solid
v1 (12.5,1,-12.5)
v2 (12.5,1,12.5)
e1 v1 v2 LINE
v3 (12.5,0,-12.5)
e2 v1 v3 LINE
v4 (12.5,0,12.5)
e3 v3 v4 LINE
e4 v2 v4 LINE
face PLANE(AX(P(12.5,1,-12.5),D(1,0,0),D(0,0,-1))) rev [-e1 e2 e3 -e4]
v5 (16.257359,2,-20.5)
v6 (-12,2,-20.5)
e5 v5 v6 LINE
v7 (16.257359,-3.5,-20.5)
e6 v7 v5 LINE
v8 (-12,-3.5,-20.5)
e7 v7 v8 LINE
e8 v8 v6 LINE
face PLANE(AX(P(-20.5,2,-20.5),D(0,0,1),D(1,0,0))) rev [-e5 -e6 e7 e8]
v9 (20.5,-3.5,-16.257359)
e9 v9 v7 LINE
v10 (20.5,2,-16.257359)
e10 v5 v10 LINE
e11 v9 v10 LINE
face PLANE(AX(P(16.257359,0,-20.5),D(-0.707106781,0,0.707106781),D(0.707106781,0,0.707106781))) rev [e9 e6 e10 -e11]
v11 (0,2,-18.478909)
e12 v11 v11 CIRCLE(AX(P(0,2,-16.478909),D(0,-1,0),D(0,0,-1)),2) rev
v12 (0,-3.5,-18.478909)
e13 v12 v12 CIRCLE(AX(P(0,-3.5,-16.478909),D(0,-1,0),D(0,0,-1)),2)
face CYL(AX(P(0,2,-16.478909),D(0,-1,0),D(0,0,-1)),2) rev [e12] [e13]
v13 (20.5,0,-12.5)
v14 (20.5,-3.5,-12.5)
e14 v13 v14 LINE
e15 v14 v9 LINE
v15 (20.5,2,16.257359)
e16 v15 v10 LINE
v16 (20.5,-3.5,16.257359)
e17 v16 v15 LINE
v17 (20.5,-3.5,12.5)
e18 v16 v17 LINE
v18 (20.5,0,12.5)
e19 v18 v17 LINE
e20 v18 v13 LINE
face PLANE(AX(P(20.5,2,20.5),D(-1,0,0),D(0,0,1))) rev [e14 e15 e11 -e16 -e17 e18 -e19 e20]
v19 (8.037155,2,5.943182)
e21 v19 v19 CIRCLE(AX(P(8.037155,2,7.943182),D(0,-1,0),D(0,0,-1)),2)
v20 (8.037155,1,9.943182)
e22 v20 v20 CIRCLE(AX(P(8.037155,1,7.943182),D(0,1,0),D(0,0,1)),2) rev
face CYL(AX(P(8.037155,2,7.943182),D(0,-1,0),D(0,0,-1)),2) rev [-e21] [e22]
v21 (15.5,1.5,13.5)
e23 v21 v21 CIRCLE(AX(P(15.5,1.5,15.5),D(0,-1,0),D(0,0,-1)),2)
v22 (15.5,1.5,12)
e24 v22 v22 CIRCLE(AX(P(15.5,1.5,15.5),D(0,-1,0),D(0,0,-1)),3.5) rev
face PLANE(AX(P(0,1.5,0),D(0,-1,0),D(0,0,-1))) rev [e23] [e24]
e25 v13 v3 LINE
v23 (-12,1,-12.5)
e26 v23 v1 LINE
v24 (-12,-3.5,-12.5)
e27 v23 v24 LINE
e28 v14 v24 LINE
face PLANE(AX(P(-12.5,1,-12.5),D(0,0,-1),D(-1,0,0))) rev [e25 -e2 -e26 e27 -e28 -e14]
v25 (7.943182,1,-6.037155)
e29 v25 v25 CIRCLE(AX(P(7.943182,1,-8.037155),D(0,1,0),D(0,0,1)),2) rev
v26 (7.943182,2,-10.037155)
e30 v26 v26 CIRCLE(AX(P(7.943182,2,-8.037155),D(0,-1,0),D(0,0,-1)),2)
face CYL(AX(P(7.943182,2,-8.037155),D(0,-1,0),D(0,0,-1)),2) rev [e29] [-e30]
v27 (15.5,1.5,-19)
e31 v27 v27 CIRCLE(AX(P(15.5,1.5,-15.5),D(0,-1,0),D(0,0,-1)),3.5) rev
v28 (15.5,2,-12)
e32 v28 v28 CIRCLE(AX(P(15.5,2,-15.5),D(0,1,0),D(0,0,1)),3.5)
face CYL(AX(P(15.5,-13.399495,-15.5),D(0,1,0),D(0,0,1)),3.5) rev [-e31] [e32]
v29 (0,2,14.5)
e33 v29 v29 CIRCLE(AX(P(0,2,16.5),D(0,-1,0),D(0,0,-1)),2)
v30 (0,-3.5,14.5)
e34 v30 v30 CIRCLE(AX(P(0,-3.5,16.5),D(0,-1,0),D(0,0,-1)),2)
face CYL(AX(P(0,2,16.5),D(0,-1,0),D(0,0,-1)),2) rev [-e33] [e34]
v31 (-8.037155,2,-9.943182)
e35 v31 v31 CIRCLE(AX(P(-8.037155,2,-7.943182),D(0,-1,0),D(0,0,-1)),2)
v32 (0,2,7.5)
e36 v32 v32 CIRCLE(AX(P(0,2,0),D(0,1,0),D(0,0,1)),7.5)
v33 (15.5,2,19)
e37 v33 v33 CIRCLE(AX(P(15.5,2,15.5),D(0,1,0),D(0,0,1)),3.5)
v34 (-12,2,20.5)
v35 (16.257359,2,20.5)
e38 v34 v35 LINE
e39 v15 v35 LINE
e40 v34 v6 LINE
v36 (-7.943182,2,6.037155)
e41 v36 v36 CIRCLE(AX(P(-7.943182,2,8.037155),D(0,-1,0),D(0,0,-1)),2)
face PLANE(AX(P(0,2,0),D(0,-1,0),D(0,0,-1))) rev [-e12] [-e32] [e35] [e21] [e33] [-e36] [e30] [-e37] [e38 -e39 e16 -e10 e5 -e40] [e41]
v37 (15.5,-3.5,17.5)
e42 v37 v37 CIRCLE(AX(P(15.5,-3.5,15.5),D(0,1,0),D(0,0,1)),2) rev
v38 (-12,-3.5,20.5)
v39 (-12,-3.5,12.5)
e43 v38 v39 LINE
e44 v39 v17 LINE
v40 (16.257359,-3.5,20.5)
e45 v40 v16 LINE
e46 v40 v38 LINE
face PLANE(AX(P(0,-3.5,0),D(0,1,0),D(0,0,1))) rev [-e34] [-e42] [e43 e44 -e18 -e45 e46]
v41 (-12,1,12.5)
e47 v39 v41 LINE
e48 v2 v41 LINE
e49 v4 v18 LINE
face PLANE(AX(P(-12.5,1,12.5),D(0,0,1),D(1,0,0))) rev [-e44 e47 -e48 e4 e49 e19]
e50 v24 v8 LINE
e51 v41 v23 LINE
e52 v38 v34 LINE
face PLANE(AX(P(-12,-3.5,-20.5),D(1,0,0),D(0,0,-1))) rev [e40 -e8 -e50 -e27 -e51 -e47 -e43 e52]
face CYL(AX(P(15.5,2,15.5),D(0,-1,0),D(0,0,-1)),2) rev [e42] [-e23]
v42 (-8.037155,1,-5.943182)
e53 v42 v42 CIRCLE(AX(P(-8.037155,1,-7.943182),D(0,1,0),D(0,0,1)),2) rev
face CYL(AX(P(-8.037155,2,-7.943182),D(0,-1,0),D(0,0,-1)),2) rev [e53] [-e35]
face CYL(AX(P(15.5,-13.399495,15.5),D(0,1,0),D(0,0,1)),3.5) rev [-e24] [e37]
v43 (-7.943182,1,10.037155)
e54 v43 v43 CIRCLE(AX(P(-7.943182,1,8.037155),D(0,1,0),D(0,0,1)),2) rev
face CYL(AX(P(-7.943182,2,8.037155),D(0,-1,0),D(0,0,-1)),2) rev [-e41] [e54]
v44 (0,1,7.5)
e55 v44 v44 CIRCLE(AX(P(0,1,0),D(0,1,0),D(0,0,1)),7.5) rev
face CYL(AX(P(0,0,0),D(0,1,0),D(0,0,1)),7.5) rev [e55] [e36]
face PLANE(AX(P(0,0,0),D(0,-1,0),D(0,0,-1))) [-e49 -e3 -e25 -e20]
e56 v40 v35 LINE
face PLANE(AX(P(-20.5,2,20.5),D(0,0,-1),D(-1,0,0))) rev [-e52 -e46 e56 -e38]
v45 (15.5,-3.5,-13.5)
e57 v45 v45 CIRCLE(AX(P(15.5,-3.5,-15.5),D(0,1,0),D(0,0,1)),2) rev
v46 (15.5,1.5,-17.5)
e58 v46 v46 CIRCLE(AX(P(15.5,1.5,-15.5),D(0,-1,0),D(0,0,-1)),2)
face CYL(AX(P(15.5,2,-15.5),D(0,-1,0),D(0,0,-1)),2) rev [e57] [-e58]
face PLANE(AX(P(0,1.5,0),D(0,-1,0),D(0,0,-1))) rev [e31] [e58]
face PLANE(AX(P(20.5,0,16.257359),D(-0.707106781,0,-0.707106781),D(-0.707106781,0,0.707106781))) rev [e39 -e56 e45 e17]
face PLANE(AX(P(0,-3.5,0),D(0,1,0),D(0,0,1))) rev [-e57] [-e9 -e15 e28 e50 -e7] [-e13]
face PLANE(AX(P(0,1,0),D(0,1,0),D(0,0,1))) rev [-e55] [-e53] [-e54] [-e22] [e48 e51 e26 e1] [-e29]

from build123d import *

# Parameters (mm, degrees)
SKETCH2_W           = 41
SKETCH2_H           = 41
BOSS_EXTRUDE1_DEPTH = 2
SKETCH3_R           = 2
CUT_EXTRUDE1_DEPTH  = 30.060282173
SKETCH4_R           = 7.5
CUT_EXTRUDE2_DEPTH  = 30.060282173
SKETCH5_W           = 25
SKETCH5_H           = 25
CUT_EXTRUDE3_DEPTH  = 1
CUT_EXTRUDE4_DEPTH  = 30.060282173
SKETCH7_R           = 2
CUT_EXTRUDE5_DEPTH  = 30.060282173
SKETCH8_W           = 25
SKETCH8_H           = 8
SKETCH8_H_2         = 7.957817611
BOSS_EXTRUDE2_DEPTH = 3.5
SKETCH9_R           = 2
CUT_EXTRUDE6_DEPTH  = 30.508473359
BOSS_EXTRUDE3_START = 3.5
SKETCH10_R          = 2
BOSS_EXTRUDE3_DEPTH = 3.5
SKETCH11_R          = 3.5
CUT_EXTRUDE7_DEPTH  = 3.5
SKETCH12_W          = 8
SKETCH12_H          = 2
BOSS_EXTRUDE4_DEPTH = 3.5
SKETCH13_R          = 3.5
CUT_EXTRUDE8_DEPTH  = 3.5
SKETCH14_R          = 3.5
SKETCH14_R_2        = 2
BOSS_EXTRUDE5_DEPTH = 3
SKETCH15_W          = 16
SKETCH15_H          = 8.042182389
SKETCH15_R          = 2
SKETCH15_H_2        = 8
BOSS_EXTRUDE6_DEPTH = 4
SKETCH16_W          = 8
SKETCH16_H          = 25
CUT_EXTRUDE9_DEPTH  = 3.5
SKETCH18_W          = 32.514718626
SKETCH18_H          = 41
CUT_EXTRUDE10_DEPTH = 4
CUT_EXTRUDE12_DEPTH = 30.508473359


with BuildPart() as part:
    # Sketch2 → Boss-Extrude1 (new body)
    with BuildSketch(Plane(origin=(0, 0, 0), x_dir=(1, 0, 0), z_dir=(0, 1, 0))):
        Rectangle(SKETCH2_W, SKETCH2_H)
    extrude(amount=BOSS_EXTRUDE1_DEPTH)

    # Sketch3 → Cut-Extrude1 (cut, through all)
    with BuildSketch(Plane.XZ):
        with Locations(Location((-7.943181907, 8.037155044, 0), (0, 0, 270))):
            Circle(SKETCH3_R)
        with Locations(Location((8.037155044, 7.943181907, 0), (0, 0, 270))):
            Circle(SKETCH3_R)
        with Locations(Location((7.943181907, -8.037155044, 0), (0, 0, 270))):
            Circle(SKETCH3_R)
        with Locations(Location((-8.037155044, -7.943181907, 0), (0, 0, 270))):
            Circle(SKETCH3_R)
    extrude(amount=-CUT_EXTRUDE1_DEPTH, mode=Mode.SUBTRACT)

    # Sketch4 → Cut-Extrude2 (cut, through all)
    with BuildSketch(Plane(origin=(0, 2, 0), x_dir=(1, 0, 0), z_dir=(0, 1, 0))):
        with Locations(Location((0, 0, 0), (0, 0, 270))):
            Circle(SKETCH4_R)
    extrude(amount=-CUT_EXTRUDE2_DEPTH, mode=Mode.SUBTRACT)

    # Sketch5 → Cut-Extrude3 (cut)
    with BuildSketch(Plane.XZ):
        Rectangle(SKETCH5_W, SKETCH5_H)
    extrude(amount=-CUT_EXTRUDE3_DEPTH, mode=Mode.SUBTRACT)

    # Sketch6 → Cut-Extrude4 (cut, through all)
    with BuildSketch(Plane(origin=(0, 2, 0), x_dir=(1, 0, 0), z_dir=(0, 1, 0))):
        Polygon((-20.5, 16.257359313), (-16.257359313, 20.5), (-20.5, 20.5), align=None)
        Polygon((16.257359313, 20.5), (20.5, 16.257359313), (20.5, 20.5), align=None)
        Polygon((20.5, -16.257359313), (16.257359313, -20.5), (20.5, -20.5), align=None)
        Polygon((-16.257359313, -20.5), (-20.5, -16.257359313), (-20.5, -20.5), align=None)
    extrude(amount=-CUT_EXTRUDE4_DEPTH, mode=Mode.SUBTRACT)

    # Sketch7 → Cut-Extrude5 (cut, through all)
    with BuildSketch(Plane.XZ):
        with Locations(Location((-15.5, 15.5, 0), (0, 0, 270))):
            Circle(SKETCH7_R)
        with Locations(Location((15.5, 15.5, 0), (0, 0, 270))):
            Circle(SKETCH7_R)
        with Locations(Location((15.5, -15.5, 0), (0, 0, 270))):
            Circle(SKETCH7_R)
        with Locations(Location((-15.5, -15.5, 0), (0, 0, 270))):
            Circle(SKETCH7_R)
    extrude(amount=-CUT_EXTRUDE5_DEPTH, mode=Mode.SUBTRACT)

    # Sketch8 → Boss-Extrude2 (add)
    with BuildSketch(Plane.XZ):
        with Locations((0, 16.5)):
            Rectangle(SKETCH8_W, SKETCH8_H)
        with Locations((0, -16.478908806)):
            Rectangle(SKETCH8_W, SKETCH8_H_2)
    extrude(amount=BOSS_EXTRUDE2_DEPTH)

    # Sketch9 → Cut-Extrude6 (cut, through all)
    with BuildSketch(Plane.XZ.offset(3.5)):
        with Locations(Location((0, 16.5, 0), (0, 0, 270))):
            Circle(SKETCH9_R)
        with Locations(Location((0, -16.478908806, 0), (0, 0, 270))):
            Circle(SKETCH9_R)
    extrude(amount=-CUT_EXTRUDE6_DEPTH, mode=Mode.SUBTRACT)

    # Sketch10 → Boss-Extrude3 (add)
    # profile 1 of 3: a face of its own
    with BuildSketch(Plane.XZ.offset(BOSS_EXTRUDE3_START)):
        Polygon((-20.5, 16.257359313), (-20.5, 12.5), (-12.5, 12.5), (-12.5, 20.5), (-16.257359313, 20.5), align=None)
        with Locations(Location((-15.5, 15.5, 0), (0, 0, 270))):
            Circle(SKETCH10_R, mode=Mode.SUBTRACT)
    # profile 2 of 3: a face of its own
    with BuildSketch(Plane.XZ.offset(BOSS_EXTRUDE3_START)):
        Polygon((12.5, 12.5), (20.5, 12.5), (20.5, 16.257359313), (16.257359313, 20.5), (12.5, 20.5), align=None)
        with Locations(Location((15.5, 15.5, 0), (0, 0, 270))):
            Circle(SKETCH10_R, mode=Mode.SUBTRACT)
    # profile 3 of 3: a face of its own
    with BuildSketch(Plane.XZ.offset(BOSS_EXTRUDE3_START)):
        Polygon((-20.5, -12.5), (-20.5, -16.257359313), (-16.257359313, -20.5), (16.257359313, -20.5), (20.5, -16.257359313), (20.5, -12.5), (12.5, -12.5), (12.5, -20.457817611), (-12.5, -20.457817611), (-12.5, -12.5), align=None)
        with Locations(Location((-15.5, -15.5, 0), (0, 0, 270))):
            Circle(SKETCH10_R, mode=Mode.SUBTRACT)
        with Locations(Location((15.5, -15.5, 0), (0, 0, 270))):
            Circle(SKETCH10_R, mode=Mode.SUBTRACT)
    extrude(amount=-BOSS_EXTRUDE3_DEPTH)

    # Sketch11 → Cut-Extrude7 (cut)
    with BuildSketch(Plane(origin=(0, 2, 0), x_dir=(1, 0, 0), z_dir=(0, 1, 0))):
        with Locations(Location((-15.5, 15.5, 0), (0, 0, 270))):
            Circle(SKETCH11_R)
        with Locations(Location((15.5, 15.5, 0), (0, 0, 270))):
            Circle(SKETCH11_R)
        with Locations(Location((15.5, -15.5, 0), (0, 0, 270))):
            Circle(SKETCH11_R)
        with Locations(Location((-15.5, -15.5, 0), (0, 0, 270))):
            Circle(SKETCH11_R)
    extrude(amount=-CUT_EXTRUDE7_DEPTH, mode=Mode.SUBTRACT)

    # Sketch12 → Boss-Extrude4 (add)
    with BuildSketch(Plane.XZ):
        with Locations((-16.5, -11.5)):
            Rectangle(SKETCH12_W, SKETCH12_H)
        with Locations((-16.5, 11.5)):
            Rectangle(SKETCH12_W, SKETCH12_H)
        with Locations((16.5, -11.5)):
            Rectangle(SKETCH12_W, SKETCH12_H)
        with Locations((16.5, 11.5)):
            Rectangle(SKETCH12_W, SKETCH12_H)
    extrude(amount=BOSS_EXTRUDE4_DEPTH)

    # Sketch13 → Cut-Extrude8 (cut)
    with BuildSketch(Plane(origin=(0, 2, 0), x_dir=(1, 0, 0), z_dir=(0, 1, 0))):
        with Locations(Location((-15.5, 15.5, 0), (0, 0, 270))):
            Circle(SKETCH13_R)
        with Locations(Location((15.5, 15.5, 0), (0, 0, 270))):
            Circle(SKETCH13_R)
        with Locations(Location((15.5, -15.5, 0), (0, 0, 270))):
            Circle(SKETCH13_R)
        with Locations(Location((-15.5, -15.5, 0), (0, 0, 270))):
            Circle(SKETCH13_R)
    extrude(amount=-CUT_EXTRUDE8_DEPTH, mode=Mode.SUBTRACT)

    # Sketch14 → Boss-Extrude5 (add)
    # profile 1 of 4: a face of its own
    with BuildSketch(Plane(origin=(0, -1.5, 0), x_dir=(1, 0, 0), z_dir=(0, 1, 0))):
        with Locations(Location((-15.5, -15.5, 0), (0, 0, 270))):
            Circle(SKETCH14_R)
        with Locations(Location((-15.5, -15.5, 0), (0, 0, 90))):
            Circle(SKETCH14_R_2, mode=Mode.SUBTRACT)
    # profile 2 of 4: a face of its own
    with BuildSketch(Plane(origin=(0, -1.5, 0), x_dir=(1, 0, 0), z_dir=(0, 1, 0))):
        with Locations(Location((-15.5, 15.5, 0), (0, 0, 270))):
            Circle(SKETCH14_R)
        with Locations(Location((-15.5, 15.5, 0), (0, 0, 90))):
            Circle(SKETCH14_R_2, mode=Mode.SUBTRACT)
    # profile 3 of 4: a face of its own
    with BuildSketch(Plane(origin=(0, -1.5, 0), x_dir=(1, 0, 0), z_dir=(0, 1, 0))):
        with Locations(Location((15.5, 15.5, 0), (0, 0, 270))):
            Circle(SKETCH14_R)
        with Locations(Location((15.5, 15.5, 0), (0, 0, 90))):
            Circle(SKETCH14_R_2, mode=Mode.SUBTRACT)
    # profile 4 of 4: a face of its own
    with BuildSketch(Plane(origin=(0, -1.5, 0), x_dir=(1, 0, 0), z_dir=(0, 1, 0))):
        with Locations(Location((15.5, -15.5, 0), (0, 0, 270))):
            Circle(SKETCH14_R)
        with Locations(Location((15.5, -15.5, 0), (0, 0, 90))):
            Circle(SKETCH14_R_2, mode=Mode.SUBTRACT)
    extrude(amount=BOSS_EXTRUDE5_DEPTH)

    # Sketch15 → Boss-Extrude6 (add)
    # profile 1 of 2: a face of its own
    with BuildSketch(Plane(origin=(0, 2, 0), x_dir=(1, 0, 0), z_dir=(0, 1, 0))):
        with Locations((0, 16.478908806)):
            Rectangle(SKETCH15_W, SKETCH15_H)
        with Locations(Location((0, 16.478908806, 0), (0, 0, 90))):
            Circle(SKETCH15_R, mode=Mode.SUBTRACT)
    # profile 2 of 2: a face of its own
    with BuildSketch(Plane(origin=(0, 2, 0), x_dir=(1, 0, 0), z_dir=(0, 1, 0))):
        with Locations((0, -16.5)):
            Rectangle(SKETCH15_W, SKETCH15_H_2)
        with Locations(Location((0, -16.478908806, 0), (0, 0, 90))):
            Circle(SKETCH15_R, mode=Mode.SUBTRACT)
    extrude(amount=BOSS_EXTRUDE6_DEPTH)

    # Sketch16 → Cut-Extrude9 (cut)
    with BuildSketch(Plane.XZ.offset(3.5)):
        with Locations((-16.5, 0)):
            Rectangle(SKETCH16_W, SKETCH16_H)
        with Locations((16.5, 0)):
            Rectangle(SKETCH16_W, SKETCH16_H)
    extrude(amount=-CUT_EXTRUDE9_DEPTH, mode=Mode.SUBTRACT)

    # Sketch18 → Cut-Extrude10 (cut)
    with BuildSketch(Plane(origin=(0, 6, 0), x_dir=(1, 0, 0), z_dir=(0, 1, 0))):
        Rectangle(SKETCH18_W, SKETCH18_H)
    extrude(amount=-CUT_EXTRUDE10_DEPTH, mode=Mode.SUBTRACT)

    # Sketch19 → Cut-Extrude12 (cut, through all)
    with BuildSketch(Plane(origin=(0, 2, 0), x_dir=(1, 0, 0), z_dir=(0, 1, 0))):
        Polygon((-12, 20.5), (-12, -20.5), (-16.257359313, -20.5), (-20.5, -16.257359313), (-20.5, 16.257359313), (-16.257359313, 20.5), align=None)
    extrude(amount=-CUT_EXTRUDE12_DEPTH, mode=Mode.SUBTRACT)


solid = part.part
